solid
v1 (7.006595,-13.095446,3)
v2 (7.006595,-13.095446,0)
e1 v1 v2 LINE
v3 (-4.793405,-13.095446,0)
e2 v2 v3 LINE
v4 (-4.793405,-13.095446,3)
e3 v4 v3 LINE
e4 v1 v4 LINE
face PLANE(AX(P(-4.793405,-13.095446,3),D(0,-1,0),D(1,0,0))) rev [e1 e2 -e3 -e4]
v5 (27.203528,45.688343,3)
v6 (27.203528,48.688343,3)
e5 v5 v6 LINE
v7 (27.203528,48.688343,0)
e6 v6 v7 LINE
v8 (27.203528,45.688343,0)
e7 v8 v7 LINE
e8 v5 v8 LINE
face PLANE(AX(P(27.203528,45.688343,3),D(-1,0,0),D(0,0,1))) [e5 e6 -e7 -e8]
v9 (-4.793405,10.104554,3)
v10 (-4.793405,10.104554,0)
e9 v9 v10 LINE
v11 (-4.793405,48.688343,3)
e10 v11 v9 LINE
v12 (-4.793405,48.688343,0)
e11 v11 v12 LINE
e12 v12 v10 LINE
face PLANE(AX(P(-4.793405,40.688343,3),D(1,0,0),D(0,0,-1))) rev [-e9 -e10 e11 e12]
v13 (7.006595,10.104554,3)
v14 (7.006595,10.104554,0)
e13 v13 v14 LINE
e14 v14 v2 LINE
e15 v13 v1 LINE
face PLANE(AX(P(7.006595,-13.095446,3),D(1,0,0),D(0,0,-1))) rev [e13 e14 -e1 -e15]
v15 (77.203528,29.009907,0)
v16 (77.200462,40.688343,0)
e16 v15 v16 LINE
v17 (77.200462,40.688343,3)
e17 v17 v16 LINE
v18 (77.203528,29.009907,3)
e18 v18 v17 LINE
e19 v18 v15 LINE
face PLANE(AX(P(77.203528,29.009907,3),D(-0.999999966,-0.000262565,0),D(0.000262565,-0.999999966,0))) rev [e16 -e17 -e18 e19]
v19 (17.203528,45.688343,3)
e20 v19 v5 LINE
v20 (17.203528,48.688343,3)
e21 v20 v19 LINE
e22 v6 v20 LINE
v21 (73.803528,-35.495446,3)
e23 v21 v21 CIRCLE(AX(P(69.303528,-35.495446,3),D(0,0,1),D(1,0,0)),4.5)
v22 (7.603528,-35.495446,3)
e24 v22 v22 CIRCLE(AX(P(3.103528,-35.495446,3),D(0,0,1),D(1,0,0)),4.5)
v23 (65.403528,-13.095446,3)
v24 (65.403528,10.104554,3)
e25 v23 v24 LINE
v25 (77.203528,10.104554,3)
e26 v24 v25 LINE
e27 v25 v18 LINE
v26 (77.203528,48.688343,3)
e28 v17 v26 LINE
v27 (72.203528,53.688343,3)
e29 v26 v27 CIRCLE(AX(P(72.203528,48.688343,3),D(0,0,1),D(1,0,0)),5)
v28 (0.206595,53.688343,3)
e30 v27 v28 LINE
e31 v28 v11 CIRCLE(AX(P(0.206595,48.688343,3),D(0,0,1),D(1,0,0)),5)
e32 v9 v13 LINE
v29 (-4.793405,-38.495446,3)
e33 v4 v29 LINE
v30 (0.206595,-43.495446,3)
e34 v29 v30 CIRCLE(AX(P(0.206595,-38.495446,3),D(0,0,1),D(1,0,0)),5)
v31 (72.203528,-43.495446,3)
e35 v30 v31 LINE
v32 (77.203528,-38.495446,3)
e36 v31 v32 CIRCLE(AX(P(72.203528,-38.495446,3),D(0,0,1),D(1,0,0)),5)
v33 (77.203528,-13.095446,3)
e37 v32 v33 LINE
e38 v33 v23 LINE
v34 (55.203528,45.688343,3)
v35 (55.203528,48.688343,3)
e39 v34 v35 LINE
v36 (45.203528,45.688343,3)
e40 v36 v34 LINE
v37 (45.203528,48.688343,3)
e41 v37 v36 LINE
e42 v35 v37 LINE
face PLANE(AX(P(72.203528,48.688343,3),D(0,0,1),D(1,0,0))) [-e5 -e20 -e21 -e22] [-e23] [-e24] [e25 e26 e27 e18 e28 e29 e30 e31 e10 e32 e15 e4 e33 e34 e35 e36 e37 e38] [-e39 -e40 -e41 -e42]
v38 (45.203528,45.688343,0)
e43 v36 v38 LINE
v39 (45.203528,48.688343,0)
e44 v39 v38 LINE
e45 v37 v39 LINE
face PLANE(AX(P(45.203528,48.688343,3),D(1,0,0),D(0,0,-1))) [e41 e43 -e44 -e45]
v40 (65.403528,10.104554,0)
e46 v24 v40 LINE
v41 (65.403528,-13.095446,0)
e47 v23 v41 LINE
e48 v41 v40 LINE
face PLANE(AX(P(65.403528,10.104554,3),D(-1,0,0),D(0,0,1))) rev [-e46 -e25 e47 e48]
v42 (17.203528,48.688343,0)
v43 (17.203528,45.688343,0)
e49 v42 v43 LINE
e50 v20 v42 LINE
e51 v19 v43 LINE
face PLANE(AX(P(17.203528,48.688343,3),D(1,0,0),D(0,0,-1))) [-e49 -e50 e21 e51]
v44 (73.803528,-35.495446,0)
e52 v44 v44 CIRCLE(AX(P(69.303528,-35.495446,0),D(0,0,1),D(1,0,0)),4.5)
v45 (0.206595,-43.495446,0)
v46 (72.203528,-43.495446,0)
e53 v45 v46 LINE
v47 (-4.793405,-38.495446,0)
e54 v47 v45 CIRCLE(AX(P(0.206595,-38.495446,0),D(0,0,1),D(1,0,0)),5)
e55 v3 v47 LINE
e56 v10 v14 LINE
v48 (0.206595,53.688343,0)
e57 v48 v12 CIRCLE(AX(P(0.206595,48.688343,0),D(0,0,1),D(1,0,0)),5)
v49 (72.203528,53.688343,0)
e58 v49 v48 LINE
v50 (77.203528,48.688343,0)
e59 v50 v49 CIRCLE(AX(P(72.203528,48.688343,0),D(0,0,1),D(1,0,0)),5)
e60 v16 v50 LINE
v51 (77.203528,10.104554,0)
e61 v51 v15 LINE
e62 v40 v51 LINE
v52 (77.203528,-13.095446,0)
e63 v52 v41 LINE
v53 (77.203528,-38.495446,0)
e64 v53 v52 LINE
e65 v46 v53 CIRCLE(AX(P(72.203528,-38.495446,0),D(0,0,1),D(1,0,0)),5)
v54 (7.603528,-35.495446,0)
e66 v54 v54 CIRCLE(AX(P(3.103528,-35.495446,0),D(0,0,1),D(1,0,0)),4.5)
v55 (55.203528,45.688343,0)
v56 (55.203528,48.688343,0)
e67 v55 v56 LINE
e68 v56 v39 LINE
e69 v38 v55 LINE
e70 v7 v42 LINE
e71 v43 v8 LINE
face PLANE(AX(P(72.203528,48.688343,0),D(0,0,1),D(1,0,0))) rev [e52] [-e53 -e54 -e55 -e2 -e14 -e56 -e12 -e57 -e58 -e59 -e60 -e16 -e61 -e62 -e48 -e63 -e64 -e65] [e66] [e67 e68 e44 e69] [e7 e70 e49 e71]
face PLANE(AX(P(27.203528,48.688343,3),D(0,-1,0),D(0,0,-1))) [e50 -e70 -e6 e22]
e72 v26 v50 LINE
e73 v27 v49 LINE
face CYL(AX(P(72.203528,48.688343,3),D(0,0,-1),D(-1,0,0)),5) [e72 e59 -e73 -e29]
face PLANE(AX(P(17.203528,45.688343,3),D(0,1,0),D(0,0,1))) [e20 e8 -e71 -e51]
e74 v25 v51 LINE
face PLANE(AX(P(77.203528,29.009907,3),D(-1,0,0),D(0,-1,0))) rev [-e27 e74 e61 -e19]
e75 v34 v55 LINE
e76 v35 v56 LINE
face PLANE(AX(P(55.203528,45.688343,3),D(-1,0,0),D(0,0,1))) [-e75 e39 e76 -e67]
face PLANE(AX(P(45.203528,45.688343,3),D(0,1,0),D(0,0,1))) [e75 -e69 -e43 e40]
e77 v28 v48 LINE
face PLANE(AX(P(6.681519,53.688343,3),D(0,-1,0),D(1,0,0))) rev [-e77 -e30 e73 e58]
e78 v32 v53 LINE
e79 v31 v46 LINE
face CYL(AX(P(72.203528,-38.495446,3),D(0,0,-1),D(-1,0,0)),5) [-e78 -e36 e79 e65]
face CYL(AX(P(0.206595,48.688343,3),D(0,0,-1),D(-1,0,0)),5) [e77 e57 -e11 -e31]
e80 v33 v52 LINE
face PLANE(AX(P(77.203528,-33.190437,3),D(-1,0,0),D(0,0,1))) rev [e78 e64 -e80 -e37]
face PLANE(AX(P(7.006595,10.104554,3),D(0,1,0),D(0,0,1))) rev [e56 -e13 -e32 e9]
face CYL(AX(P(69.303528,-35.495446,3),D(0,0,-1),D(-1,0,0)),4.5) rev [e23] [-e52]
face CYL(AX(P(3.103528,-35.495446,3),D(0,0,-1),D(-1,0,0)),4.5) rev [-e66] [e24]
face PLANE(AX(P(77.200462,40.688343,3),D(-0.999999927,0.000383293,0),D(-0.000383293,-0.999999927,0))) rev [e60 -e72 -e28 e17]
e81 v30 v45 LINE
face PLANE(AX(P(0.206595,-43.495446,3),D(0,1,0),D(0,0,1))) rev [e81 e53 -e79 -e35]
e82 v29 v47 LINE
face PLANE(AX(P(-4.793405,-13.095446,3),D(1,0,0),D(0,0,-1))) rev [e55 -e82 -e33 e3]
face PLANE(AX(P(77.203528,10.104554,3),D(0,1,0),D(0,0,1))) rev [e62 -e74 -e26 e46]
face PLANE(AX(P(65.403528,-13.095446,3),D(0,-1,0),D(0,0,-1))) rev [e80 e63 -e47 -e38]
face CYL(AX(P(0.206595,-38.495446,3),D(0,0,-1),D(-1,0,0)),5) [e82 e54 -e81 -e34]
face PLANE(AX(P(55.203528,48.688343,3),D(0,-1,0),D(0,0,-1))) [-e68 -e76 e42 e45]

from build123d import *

# Parameters (mm, degrees)
MODEL_R                 = 4.5
MODEL_W                 = 10
MODEL_H                 = 3
SALIENTE_EXTRUIR1_DEPTH = 3


with BuildPart() as part:
    # Model → Saliente-Extruir1 (new body)
    with BuildSketch(Plane.XY):
        with BuildLine():
            Line((17.831945339, 53.688342713), (41.944056128, 53.688342713))
            Line((41.944056128, 53.688342713), (62.686495879, 53.688342713))
            Line((62.686495879, 53.688342713), (72.203528383, 53.688342713))
            ThreePointArc((72.203528383, 53.688342713), (75.739062289, 52.223876619), (77.203528383, 48.688342713))
            Line((77.203528383, 48.688342713), (77.200462039, 40.688342713))
            Line((77.200462039, 40.688342713), (77.203528383, 29.009907229))
            Line((77.203528383, 29.009907229), (77.203528383, 19.550667198))
            Line((77.203528383, 19.550667198), (77.203528383, 10.10455356))
            Line((77.203528383, 10.10455356), (65.403528383, 10.10455356))
            Line((65.403528383, 10.10455356), (65.403528383, -13.09544644))
            Line((65.403528383, -13.09544644), (77.203528383, -13.09544644))
            Line((77.203528383, -13.09544644), (77.203528383, -33.19043659))
            Line((77.203528383, -33.19043659), (77.203528383, -38.49544644))
            ThreePointArc((77.203528383, -38.49544644), (75.739062152, -42.030980095), (72.203528383, -43.495446053))
            Line((72.203528383, -43.495446053), (0.206594728, -43.495446053))
            ThreePointArc((0.206594728, -43.495446053), (-3.328939178, -42.030979958), (-4.793405272, -38.495446053))
            Line((-4.793405272, -38.495446053), (-4.793405272, -13.09544644))
            Line((-4.793405272, -13.09544644), (7.006594728, -13.09544644))
            Line((7.006594728, -13.09544644), (7.006594728, 10.10455356))
            Line((7.006594728, 10.10455356), (-4.793405272, 10.10455356))
            Line((-4.793405272, 10.10455356), (-4.793405272, 40.688342713))
            Line((-4.793405272, 40.688342713), (-4.793405272, 48.688342713))
            ThreePointArc((-4.793405272, 48.688342713), (-3.328939178, 52.223876619), (0.206594728, 53.688342713))
            Line((0.206594728, 53.688342713), (6.681518597, 53.688342713))
            Line((6.681518597, 53.688342713), (17.831945339, 53.688342713))
        make_face()
        with Locations((69.303528383, -35.49544644)):
            Circle(MODEL_R, mode=Mode.SUBTRACT)
        with Locations((3.103528383, -35.49544644)):
            Circle(MODEL_R, mode=Mode.SUBTRACT)
        with Locations((22.203528383, 47.188342713)):
            Rectangle(MODEL_W, MODEL_H, mode=Mode.SUBTRACT)
        with Locations((50.203528383, 47.188342713)):
            Rectangle(MODEL_W, MODEL_H, mode=Mode.SUBTRACT)
    extrude(amount=SALIENTE_EXTRUIR1_DEPTH)


solid = part.part
